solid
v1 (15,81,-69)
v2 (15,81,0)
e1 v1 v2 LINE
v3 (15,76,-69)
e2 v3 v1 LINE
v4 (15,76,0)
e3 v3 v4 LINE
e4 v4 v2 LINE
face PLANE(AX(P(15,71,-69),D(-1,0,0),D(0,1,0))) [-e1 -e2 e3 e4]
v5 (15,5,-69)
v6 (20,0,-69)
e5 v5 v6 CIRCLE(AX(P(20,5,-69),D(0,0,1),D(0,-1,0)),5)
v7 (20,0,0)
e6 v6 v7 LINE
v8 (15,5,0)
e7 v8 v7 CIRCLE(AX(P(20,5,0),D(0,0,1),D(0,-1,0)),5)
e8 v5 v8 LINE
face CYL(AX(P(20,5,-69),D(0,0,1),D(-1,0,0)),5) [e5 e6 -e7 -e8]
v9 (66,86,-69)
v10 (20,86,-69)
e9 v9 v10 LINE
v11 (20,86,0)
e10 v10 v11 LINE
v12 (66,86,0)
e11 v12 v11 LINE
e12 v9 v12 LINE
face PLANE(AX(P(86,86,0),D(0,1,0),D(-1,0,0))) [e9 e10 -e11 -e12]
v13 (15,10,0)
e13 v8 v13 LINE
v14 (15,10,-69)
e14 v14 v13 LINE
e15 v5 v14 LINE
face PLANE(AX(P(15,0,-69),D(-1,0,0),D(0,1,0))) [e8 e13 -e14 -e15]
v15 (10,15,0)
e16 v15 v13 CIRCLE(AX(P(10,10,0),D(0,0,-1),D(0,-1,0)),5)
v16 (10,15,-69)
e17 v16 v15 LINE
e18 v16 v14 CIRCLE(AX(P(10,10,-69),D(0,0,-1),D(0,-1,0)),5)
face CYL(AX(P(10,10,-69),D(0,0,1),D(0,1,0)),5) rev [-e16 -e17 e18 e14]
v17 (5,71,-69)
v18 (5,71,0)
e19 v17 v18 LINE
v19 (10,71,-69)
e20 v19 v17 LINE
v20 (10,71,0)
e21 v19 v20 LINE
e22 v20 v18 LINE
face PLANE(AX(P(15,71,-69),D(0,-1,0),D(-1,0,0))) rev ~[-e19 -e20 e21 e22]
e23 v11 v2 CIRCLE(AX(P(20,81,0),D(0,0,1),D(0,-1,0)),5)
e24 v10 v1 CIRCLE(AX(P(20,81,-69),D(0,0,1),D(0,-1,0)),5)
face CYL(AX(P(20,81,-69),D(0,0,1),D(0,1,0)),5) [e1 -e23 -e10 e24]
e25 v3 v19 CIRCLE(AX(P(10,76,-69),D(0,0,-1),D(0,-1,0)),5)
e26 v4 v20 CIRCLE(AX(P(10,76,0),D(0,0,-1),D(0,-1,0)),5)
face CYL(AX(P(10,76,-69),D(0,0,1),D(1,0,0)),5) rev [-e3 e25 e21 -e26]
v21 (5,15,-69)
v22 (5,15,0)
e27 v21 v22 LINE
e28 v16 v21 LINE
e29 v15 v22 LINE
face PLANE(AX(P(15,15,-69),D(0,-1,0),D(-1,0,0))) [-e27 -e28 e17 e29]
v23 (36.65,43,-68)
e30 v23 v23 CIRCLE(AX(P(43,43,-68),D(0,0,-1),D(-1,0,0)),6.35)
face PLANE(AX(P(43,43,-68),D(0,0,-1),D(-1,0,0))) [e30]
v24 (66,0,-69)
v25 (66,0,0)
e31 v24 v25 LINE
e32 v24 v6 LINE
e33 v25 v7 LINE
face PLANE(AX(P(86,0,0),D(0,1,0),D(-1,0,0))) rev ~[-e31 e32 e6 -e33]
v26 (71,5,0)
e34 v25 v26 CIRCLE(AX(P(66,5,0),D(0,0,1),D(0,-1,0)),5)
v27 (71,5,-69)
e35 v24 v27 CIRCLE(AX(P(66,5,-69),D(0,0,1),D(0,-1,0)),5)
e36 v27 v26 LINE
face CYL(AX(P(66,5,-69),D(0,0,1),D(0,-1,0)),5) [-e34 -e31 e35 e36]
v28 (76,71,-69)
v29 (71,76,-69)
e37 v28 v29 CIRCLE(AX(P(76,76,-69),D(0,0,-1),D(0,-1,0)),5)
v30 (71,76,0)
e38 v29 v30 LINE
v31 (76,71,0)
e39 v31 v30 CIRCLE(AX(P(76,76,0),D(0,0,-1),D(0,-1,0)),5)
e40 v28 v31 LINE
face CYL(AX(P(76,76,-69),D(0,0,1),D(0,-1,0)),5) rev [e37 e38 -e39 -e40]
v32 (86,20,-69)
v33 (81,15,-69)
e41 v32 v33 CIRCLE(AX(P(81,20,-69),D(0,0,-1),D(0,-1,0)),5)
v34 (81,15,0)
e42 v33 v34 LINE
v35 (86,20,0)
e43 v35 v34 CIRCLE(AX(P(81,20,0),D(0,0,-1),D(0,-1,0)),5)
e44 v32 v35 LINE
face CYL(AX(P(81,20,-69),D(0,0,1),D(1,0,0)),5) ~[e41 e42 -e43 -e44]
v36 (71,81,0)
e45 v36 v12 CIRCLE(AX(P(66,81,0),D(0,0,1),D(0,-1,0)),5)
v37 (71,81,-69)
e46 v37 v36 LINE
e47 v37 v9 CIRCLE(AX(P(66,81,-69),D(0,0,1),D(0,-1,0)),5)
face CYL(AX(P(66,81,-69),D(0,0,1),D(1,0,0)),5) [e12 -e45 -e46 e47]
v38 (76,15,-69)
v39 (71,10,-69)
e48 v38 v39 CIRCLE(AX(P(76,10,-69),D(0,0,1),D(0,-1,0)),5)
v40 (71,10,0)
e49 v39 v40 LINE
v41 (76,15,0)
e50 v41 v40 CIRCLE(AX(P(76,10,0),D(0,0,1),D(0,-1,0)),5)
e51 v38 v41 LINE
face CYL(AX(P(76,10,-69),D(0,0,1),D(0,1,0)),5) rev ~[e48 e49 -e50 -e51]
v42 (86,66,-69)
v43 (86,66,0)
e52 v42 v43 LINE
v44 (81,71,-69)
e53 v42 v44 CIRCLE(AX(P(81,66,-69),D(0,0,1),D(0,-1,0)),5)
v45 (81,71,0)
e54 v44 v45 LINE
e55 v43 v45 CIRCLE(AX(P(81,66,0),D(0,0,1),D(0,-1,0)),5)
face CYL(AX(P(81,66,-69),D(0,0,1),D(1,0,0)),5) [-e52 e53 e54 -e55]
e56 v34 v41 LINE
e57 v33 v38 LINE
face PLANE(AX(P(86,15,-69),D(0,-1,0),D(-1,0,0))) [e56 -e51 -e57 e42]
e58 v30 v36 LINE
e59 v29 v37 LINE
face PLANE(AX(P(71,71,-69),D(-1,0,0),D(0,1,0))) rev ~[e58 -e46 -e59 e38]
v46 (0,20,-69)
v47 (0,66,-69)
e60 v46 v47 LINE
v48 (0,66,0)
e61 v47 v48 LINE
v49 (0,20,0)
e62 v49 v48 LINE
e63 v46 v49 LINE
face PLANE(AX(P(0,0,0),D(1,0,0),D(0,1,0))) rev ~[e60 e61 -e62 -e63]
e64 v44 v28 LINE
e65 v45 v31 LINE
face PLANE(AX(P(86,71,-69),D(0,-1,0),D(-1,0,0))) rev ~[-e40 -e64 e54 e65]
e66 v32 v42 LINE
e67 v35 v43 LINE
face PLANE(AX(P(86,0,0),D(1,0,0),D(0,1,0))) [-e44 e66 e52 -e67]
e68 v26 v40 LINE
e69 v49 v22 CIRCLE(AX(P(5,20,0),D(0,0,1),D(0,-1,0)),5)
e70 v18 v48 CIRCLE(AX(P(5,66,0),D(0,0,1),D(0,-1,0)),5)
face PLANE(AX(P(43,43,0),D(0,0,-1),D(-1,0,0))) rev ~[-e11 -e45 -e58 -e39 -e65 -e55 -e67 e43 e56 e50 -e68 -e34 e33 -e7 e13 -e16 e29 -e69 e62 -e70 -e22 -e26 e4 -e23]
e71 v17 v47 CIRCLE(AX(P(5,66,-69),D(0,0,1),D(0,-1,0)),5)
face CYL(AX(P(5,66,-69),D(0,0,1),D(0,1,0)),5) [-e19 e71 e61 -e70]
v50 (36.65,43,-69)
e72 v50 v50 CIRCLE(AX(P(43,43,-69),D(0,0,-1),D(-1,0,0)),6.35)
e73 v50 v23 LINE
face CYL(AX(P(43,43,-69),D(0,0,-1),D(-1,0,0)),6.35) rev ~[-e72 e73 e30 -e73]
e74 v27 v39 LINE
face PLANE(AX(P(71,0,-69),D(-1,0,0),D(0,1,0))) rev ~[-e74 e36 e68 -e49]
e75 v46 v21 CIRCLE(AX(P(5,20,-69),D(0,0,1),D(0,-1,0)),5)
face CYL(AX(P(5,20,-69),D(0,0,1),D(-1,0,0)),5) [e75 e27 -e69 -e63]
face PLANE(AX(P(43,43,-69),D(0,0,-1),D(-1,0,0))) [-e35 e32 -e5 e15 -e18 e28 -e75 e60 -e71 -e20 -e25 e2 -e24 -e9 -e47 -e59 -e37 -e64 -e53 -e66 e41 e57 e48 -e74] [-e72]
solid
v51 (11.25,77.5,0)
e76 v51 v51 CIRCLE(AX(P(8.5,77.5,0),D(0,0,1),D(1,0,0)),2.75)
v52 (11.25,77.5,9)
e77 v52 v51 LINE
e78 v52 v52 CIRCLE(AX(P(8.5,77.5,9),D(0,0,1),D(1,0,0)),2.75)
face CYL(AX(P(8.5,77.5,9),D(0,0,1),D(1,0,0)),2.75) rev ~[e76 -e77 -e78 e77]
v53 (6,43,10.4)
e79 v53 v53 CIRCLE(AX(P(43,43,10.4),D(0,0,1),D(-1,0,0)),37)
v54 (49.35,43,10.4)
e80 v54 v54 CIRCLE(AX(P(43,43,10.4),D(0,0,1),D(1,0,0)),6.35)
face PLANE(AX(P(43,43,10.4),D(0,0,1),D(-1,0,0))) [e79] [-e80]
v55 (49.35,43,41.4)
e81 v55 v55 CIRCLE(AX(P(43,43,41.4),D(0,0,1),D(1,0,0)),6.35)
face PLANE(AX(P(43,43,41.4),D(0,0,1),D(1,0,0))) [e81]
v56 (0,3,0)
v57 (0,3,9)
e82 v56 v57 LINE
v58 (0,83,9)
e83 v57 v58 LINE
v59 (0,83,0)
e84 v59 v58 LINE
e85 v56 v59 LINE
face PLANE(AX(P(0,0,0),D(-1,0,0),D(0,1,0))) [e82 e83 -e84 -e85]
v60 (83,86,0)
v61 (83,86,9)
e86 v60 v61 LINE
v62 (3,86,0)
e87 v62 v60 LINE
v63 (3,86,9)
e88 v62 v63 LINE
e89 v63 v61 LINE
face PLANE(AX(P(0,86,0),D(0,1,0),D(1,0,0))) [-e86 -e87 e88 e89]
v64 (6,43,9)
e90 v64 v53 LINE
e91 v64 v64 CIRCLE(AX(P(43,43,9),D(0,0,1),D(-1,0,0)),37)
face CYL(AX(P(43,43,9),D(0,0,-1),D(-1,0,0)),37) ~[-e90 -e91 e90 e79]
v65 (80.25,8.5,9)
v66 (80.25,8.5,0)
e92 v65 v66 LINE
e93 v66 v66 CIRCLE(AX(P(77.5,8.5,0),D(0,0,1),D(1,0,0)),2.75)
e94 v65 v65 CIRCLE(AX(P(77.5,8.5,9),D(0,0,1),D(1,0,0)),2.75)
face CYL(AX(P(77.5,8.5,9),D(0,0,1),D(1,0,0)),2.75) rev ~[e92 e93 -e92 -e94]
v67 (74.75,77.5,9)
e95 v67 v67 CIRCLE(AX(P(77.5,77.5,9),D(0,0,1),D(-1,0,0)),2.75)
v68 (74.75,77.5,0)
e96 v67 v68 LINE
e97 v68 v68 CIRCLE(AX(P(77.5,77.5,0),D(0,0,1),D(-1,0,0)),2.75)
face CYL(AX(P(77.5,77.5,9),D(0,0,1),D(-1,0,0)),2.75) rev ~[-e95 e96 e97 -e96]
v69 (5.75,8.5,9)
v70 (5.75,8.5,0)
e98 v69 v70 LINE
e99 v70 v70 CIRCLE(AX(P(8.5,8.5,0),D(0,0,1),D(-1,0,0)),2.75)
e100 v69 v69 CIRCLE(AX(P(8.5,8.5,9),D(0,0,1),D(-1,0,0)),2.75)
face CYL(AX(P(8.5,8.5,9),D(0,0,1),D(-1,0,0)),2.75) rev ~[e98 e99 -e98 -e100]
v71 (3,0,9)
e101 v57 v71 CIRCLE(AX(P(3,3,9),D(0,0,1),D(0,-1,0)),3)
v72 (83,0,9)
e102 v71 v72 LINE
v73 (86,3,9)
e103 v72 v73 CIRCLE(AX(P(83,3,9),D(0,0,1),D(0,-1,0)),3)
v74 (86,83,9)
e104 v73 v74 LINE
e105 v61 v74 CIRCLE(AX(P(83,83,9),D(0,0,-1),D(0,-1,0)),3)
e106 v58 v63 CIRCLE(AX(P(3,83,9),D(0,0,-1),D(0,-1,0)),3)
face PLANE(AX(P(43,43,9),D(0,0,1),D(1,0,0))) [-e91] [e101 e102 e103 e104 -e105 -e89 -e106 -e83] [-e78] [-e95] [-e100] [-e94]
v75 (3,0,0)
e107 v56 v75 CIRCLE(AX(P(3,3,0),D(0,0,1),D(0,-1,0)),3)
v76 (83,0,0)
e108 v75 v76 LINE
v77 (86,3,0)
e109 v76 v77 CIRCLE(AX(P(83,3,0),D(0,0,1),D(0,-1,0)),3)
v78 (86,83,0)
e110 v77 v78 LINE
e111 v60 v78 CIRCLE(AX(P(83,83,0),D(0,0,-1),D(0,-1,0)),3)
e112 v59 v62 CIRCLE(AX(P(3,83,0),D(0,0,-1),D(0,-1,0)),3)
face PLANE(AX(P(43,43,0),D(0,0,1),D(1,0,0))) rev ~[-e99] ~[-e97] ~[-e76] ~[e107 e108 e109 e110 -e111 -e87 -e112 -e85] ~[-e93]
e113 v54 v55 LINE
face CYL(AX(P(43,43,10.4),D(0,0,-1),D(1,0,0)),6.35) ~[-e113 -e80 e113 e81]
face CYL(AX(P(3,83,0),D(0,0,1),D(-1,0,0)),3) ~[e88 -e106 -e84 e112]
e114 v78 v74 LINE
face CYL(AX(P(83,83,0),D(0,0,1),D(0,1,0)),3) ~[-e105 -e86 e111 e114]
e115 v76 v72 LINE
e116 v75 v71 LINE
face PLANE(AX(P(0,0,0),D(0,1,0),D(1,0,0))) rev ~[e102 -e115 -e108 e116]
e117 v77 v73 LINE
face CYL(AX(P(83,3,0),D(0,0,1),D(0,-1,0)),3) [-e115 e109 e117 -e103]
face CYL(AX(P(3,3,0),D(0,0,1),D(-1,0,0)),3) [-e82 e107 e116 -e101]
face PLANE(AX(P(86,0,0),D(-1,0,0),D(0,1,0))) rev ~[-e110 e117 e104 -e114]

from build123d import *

# Parameters (mm, degrees)
SKETCH_1_W          = 86
SKETCH_1_H          = 86
EXTRUDE_1_DEPTH     = 9
SKETCH_2_W          = 86
SKETCH_2_H          = 86
EXTRUDE_2_DEPTH     = 69
SKETCH_3_R          = 37
EXTRUDE_3_DEPTH     = 1.4
SKETCH_4_R          = 6.35
EXTRUDE_4_DEPTH     = 31
SKETCH_5_R          = 2.75
CUT_EXTRUDE_1_DEPTH = 10
SKETCH_6_W          = 15
SKETCH_6_H          = 15
CUT_EXTRUDE_2_DEPTH = 69
FILLET_1_R          = 5
SKETCH_7_R          = 6.35
CUT_EXTRUDE_3_DEPTH = 1
FILLET_2_R          = 3


with BuildPart() as part:
    # 草图1 → 凸台-拉伸1 (new body)
    with BuildSketch(Plane.XY):
        with Locations((43, 43)):
            Rectangle(SKETCH_1_W, SKETCH_1_H)
    extrude(amount=EXTRUDE_1_DEPTH)

    # 草图3 → 凸台-拉伸3 (add)
    with BuildSketch(Plane.XY.offset(9)):
        with Locations(Location((43, 43, 0), (0, 0, 180))):
            Circle(SKETCH_3_R)
    extrude(amount=EXTRUDE_3_DEPTH)

    # 草图4 → 凸台-拉伸4 (add)
    with BuildSketch(Plane.XY.offset(10.4)):
        with Locations((43, 43)):
            Circle(SKETCH_4_R)
    extrude(amount=EXTRUDE_4_DEPTH)


with BuildPart() as body_2:
    # 草图2 → 凸台-拉伸2 (new body)
    with BuildSketch(Plane(origin=(0, 0, 0), x_dir=(-1, 0, 0), z_dir=(0, 0, -1))):
        with Locations((-43, 43)):
            Rectangle(SKETCH_2_W, SKETCH_2_H)
    extrude(amount=EXTRUDE_2_DEPTH)


with BuildPart() as cut_extrude_1_tool:
    # 草图5 → 切除-拉伸1 (new body)
    with BuildSketch(Plane.XY.offset(9)):
        with Locations((8.5, 77.5)):
            Circle(SKETCH_5_R)
        with Locations(Location((77.5, 77.5, 0), (0, 0, 180))):
            Circle(SKETCH_5_R)
        with Locations((77.5, 8.5)):
            Circle(SKETCH_5_R)
        with Locations(Location((8.5, 8.5, 0), (0, 0, 180))):
            Circle(SKETCH_5_R)
    extrude(amount=-CUT_EXTRUDE_1_DEPTH)


with BuildPart() as part_1:
    add(part.part)

    # 切除-拉伸1: cut by cut_extrude_1_tool
    add(cut_extrude_1_tool.part, mode=Mode.SUBTRACT)

    # 圆角2
    fillet_2_edges = [part_1.edges().sort_by_distance(p)[0] for p in [
        (0, 86, 4.5),
        (86, 86, 4.5),
        (86, 0, 4.5),
        (0, 0, 4.5),
    ]]
    fillet(fillet_2_edges, radius=FILLET_2_R)


with BuildPart() as body_2_1:
    add(body_2.part)

    # 切除-拉伸1: cut by cut_extrude_1_tool
    add(cut_extrude_1_tool.part, mode=Mode.SUBTRACT)

    # 草图6 → 切除-拉伸2 (cut)
    with BuildSketch(Plane(origin=(0, 0, -69), x_dir=(-1, 0, 0), z_dir=(0, 0, -1))):
        with Locations((-78.5, 78.5)):
            Rectangle(SKETCH_6_W, SKETCH_6_H)
        with Locations((-7.5, 78.5)):
            Rectangle(SKETCH_6_W, SKETCH_6_H)
        with Locations((-7.5, 7.5)):
            Rectangle(SKETCH_6_W, SKETCH_6_H)
        with Locations((-78.5, 7.5)):
            Rectangle(SKETCH_6_W, SKETCH_6_H)
    extrude(amount=-CUT_EXTRUDE_2_DEPTH, mode=Mode.SUBTRACT)

    # 圆角1
    fillet_1_edges = [body_2_1.edges().sort_by_distance(p)[0] for p in [
        (86, 71, -34.5),
        (71, 86, -34.5),
        (71, 71, -34.5),
        (15, 86, -34.5),
        (0, 71, -34.5),
        (15, 71, -34.5),
        (0, 15, -34.5),
        (15, 0, -34.5),
        (15, 15, -34.5),
        (71, 0, -34.5),
        (86, 15, -34.5),
        (71, 15, -34.5),
    ]]
    fillet(fillet_1_edges, radius=FILLET_1_R)

    # 草图7 → 切除-拉伸3 (cut)
    with BuildSketch(Plane(origin=(0, 0, -69), x_dir=(-1, 0, 0), z_dir=(0, 0, -1))):
        with Locations((-43, 43)):
            Circle(SKETCH_7_R)
    extrude(amount=-CUT_EXTRUDE_3_DEPTH, mode=Mode.SUBTRACT)


solid = Compound([part_1.part, body_2_1.part])
